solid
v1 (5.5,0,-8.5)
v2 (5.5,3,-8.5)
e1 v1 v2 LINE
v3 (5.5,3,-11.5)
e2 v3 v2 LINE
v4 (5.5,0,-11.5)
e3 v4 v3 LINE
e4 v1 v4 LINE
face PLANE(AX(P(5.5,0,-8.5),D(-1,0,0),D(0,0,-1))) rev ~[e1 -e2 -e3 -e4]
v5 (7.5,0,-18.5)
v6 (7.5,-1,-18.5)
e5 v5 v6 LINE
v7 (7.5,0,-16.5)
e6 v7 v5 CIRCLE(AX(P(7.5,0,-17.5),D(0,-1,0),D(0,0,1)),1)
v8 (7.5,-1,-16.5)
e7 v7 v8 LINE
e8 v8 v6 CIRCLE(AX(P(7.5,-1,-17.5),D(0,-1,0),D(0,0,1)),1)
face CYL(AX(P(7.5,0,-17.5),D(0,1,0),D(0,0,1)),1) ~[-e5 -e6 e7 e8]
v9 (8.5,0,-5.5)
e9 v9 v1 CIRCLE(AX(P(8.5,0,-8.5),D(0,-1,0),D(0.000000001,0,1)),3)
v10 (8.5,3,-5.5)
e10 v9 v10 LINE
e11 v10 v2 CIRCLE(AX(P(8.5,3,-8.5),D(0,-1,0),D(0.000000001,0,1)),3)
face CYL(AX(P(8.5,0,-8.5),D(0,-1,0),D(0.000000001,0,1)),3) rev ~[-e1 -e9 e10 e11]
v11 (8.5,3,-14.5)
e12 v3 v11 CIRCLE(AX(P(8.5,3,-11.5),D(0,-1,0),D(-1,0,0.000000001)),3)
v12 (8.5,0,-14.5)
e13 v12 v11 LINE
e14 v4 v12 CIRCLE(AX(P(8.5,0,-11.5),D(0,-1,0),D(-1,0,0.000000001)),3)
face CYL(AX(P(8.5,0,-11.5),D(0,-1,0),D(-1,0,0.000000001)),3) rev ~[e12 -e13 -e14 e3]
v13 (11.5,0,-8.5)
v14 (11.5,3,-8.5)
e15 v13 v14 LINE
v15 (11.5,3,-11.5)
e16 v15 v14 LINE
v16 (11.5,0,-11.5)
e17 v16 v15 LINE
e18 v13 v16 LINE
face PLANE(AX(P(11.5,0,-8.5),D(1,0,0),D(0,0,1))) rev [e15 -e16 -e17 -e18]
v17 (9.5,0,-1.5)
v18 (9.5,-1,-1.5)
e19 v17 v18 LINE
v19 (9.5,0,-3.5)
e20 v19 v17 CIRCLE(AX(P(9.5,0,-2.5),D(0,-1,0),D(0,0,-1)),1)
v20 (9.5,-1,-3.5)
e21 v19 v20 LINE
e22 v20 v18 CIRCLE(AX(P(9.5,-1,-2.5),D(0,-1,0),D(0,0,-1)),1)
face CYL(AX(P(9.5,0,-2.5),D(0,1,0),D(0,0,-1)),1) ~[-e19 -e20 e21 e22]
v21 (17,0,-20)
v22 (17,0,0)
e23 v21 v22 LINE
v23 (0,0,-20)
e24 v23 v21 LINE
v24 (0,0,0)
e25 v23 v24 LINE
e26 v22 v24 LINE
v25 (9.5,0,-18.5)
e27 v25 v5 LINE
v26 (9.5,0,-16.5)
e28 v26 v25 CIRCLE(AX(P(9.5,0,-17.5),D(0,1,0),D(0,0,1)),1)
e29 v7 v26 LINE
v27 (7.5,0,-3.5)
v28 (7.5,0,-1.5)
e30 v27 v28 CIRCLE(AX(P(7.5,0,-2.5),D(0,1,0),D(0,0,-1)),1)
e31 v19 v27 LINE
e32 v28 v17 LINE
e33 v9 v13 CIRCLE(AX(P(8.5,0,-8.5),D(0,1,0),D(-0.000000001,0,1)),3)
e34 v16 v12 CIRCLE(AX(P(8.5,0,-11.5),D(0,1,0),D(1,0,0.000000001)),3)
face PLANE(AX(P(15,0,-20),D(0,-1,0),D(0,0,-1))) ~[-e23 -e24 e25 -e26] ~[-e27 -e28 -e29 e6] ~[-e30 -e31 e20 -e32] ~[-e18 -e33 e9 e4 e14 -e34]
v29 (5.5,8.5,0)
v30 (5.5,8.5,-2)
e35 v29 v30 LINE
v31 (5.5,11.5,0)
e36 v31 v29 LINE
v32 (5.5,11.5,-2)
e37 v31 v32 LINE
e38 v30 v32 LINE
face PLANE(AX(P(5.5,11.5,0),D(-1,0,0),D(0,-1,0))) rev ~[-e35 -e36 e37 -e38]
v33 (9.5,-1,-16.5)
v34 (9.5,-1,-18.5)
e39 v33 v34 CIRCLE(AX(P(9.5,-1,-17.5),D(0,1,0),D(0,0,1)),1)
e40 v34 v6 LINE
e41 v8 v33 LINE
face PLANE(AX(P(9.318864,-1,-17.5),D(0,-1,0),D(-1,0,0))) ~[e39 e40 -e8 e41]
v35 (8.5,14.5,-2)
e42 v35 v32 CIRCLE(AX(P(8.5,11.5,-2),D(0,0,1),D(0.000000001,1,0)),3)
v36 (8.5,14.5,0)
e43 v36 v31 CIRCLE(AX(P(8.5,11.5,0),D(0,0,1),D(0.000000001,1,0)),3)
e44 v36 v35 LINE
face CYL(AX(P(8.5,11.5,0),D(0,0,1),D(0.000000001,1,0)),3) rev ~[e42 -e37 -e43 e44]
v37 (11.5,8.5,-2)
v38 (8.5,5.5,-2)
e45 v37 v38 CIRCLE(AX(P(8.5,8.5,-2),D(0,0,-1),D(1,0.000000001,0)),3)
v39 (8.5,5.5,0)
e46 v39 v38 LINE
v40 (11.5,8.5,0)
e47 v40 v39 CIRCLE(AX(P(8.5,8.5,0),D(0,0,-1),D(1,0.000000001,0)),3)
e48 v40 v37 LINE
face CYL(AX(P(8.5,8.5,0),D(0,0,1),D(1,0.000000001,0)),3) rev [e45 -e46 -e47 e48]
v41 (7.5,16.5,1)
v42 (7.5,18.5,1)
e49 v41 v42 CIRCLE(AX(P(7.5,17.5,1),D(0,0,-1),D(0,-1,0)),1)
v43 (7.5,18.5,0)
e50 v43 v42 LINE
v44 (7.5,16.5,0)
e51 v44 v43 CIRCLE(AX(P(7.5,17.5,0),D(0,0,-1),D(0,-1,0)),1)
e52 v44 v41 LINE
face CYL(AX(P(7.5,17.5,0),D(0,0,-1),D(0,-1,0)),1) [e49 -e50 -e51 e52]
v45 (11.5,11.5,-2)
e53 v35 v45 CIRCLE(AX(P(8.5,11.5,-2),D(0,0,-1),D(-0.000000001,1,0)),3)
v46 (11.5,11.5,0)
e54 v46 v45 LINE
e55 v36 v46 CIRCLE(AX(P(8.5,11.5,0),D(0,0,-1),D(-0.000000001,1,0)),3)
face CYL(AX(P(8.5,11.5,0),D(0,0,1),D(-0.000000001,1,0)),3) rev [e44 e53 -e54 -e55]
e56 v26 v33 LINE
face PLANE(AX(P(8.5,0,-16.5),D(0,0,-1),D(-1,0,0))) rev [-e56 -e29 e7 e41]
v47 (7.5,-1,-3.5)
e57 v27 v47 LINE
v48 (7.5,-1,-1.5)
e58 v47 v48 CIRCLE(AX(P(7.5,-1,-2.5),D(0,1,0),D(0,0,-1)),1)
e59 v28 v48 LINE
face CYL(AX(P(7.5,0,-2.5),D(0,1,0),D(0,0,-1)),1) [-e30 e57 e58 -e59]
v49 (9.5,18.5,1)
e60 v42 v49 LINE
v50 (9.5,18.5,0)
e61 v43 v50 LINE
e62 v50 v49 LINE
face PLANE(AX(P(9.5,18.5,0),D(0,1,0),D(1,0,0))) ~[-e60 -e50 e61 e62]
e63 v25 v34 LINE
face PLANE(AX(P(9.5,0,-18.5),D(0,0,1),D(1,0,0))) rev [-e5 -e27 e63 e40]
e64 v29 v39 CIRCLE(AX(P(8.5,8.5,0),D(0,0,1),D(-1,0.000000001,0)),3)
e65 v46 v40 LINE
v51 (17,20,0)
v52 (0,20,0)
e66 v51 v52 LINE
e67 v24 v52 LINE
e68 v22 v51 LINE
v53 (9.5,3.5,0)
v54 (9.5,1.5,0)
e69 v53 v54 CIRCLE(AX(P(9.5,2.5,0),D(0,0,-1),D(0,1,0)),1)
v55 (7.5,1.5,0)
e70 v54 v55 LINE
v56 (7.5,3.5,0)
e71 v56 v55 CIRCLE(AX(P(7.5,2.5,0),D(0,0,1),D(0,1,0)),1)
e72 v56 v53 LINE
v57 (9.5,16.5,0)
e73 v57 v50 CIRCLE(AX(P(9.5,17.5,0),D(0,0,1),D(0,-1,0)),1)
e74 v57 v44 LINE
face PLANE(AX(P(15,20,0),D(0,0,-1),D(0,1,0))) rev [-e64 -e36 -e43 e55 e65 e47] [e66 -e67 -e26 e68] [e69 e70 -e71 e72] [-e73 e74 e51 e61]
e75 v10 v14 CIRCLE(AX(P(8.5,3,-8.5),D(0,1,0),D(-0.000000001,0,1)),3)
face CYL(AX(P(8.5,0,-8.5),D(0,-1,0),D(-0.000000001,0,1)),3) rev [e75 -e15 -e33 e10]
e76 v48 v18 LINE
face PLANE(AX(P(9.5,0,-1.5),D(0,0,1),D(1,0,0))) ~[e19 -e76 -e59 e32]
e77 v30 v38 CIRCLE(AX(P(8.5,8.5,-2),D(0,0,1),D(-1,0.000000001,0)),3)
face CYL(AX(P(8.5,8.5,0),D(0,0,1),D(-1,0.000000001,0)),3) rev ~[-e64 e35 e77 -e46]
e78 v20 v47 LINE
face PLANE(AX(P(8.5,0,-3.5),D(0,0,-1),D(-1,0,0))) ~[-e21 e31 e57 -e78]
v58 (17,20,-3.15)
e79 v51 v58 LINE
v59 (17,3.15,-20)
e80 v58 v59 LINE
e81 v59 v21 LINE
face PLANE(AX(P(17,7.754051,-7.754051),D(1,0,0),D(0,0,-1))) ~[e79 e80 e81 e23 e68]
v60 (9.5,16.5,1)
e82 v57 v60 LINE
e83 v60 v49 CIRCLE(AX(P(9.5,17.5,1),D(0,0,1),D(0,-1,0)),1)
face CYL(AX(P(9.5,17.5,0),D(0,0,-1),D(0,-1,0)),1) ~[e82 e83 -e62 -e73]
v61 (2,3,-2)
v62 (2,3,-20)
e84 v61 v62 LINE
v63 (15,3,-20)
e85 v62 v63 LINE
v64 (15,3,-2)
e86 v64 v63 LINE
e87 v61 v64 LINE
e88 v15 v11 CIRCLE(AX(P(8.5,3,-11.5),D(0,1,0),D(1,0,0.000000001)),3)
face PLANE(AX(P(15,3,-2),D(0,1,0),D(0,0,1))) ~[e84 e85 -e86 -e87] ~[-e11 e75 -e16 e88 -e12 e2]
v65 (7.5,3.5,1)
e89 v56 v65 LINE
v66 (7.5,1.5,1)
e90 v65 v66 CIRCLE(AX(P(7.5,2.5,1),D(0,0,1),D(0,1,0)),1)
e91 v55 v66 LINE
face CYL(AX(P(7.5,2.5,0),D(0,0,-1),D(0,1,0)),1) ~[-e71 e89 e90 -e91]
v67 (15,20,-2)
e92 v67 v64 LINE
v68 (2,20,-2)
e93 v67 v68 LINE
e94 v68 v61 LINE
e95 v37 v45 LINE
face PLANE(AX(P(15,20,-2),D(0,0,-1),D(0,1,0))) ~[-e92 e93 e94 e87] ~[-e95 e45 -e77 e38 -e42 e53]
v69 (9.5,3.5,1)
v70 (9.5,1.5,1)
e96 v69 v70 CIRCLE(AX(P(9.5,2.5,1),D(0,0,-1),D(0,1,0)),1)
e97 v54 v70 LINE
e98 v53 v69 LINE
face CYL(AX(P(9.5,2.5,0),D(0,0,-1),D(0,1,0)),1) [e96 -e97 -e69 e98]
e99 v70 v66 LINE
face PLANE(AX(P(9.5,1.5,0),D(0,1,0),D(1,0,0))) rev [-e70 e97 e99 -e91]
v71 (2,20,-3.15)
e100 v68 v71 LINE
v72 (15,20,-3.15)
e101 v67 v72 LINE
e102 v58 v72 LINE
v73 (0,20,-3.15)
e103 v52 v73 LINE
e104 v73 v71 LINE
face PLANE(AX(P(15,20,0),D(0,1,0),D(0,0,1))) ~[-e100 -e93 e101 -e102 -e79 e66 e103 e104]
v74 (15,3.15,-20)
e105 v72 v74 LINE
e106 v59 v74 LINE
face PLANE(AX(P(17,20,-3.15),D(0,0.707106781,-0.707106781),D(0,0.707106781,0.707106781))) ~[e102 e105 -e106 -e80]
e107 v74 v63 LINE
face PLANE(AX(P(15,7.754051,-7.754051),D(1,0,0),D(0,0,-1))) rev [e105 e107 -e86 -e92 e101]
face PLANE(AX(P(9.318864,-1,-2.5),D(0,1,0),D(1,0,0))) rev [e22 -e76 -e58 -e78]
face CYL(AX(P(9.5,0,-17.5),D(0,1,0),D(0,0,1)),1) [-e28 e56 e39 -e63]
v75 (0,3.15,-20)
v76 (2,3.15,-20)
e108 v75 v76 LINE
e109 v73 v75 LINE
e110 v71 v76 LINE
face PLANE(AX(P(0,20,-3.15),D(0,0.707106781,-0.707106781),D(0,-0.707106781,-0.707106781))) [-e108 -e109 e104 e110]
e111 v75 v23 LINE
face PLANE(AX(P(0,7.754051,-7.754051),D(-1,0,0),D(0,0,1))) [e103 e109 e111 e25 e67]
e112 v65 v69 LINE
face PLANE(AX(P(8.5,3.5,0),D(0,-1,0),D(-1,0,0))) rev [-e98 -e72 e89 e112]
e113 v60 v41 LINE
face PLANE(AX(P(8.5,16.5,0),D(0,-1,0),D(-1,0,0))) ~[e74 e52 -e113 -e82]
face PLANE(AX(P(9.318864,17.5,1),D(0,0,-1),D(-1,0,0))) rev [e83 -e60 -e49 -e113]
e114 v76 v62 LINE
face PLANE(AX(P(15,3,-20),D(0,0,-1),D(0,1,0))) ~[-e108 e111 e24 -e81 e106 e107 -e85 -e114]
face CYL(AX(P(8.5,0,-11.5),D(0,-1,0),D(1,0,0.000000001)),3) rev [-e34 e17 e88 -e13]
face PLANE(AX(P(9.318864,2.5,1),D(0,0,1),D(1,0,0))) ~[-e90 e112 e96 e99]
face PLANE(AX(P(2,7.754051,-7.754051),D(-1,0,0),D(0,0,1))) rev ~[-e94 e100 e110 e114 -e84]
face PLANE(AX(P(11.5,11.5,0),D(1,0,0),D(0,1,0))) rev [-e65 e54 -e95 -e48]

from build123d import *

# Parameters (mm, degrees)
BOSS_EXTRUDE1_DEPTH = 2
BOSS_EXTRUDE2_DEPTH = 6.5
CUT_EXTRUDE1_DEPTH  = 6.5
CUT_EXTRUDE2_DEPTH  = 6.5
BOSS_EXTRUDE3_DEPTH = 1
BOSS_EXTRUDE4_DEPTH = 1


with BuildPart() as part:
    # Sketch1 → Boss-Extrude1 (new body)
    with BuildSketch(Plane(origin=(0, 0, 0), x_dir=(0, 0, -1), z_dir=(1, 0, 0))):
        Polygon((3.15, 20), (20, 3.15), (20, 0), (0, 0), (0, 20), align=None)
    extrude(amount=BOSS_EXTRUDE1_DEPTH)

    # Sketch2 → Boss-Extrude2 (add)
    with BuildSketch(Plane(origin=(2, 0, 0), x_dir=(0, 0, -1), z_dir=(1, 0, 0))):
        Polygon((20, 0), (0, 0), (0, 3), (0, 20), (2, 20), (2, 3), (20, 3), align=None)
    extrude(amount=BOSS_EXTRUDE2_DEPTH)

    # Sketch3 → Cut-Extrude1 (cut)
    with BuildSketch(Plane.XY):
        with BuildLine():
            Line((5.5, 11.5), (5.5, 8.5))
            ThreePointArc((5.5, 8.5), (6.378679656, 6.378679656), (8.5, 5.5))
            Line((8.5, 5.5), (8.5, 14.5))
            ThreePointArc((8.5, 14.5), (6.378679656, 13.621320344), (5.5, 11.5))
        make_face()
    extrude(amount=-CUT_EXTRUDE1_DEPTH, mode=Mode.SUBTRACT)

    # Sketch4 → Cut-Extrude2 (cut)
    with BuildSketch(Plane.XZ):
        with BuildLine():
            Line((5.5, -8.5), (5.5, -11.5))
            ThreePointArc((5.5, -11.5), (6.378679656, -13.621320344), (8.5, -14.5))
            Line((8.5, -14.5), (8.5, -5.5))
            ThreePointArc((8.5, -5.5), (6.378679656, -6.378679656), (5.5, -8.5))
        make_face()
    extrude(amount=-CUT_EXTRUDE2_DEPTH, mode=Mode.SUBTRACT)

    # Sketch5 → Boss-Extrude3 (add)
    with BuildSketch(Plane(origin=(0, 0, 0), x_dir=(-1, 0, 0), z_dir=(0, -1, 0))):
        with BuildLine():
            Line((-7.5, 1.5), (-8.5, 1.5))
            Line((-8.5, 1.5), (-8.5, 3.5))
            Line((-8.5, 3.5), (-7.5, 3.5))
            ThreePointArc((-7.5, 3.5), (-6.5, 2.5), (-7.5, 1.5))
        make_face()
        with BuildLine():
            Line((-8.5, 18.5), (-8.5, 16.5))
            Line((-8.5, 16.5), (-7.5, 16.5))
            ThreePointArc((-7.5, 16.5), (-6.5, 17.5), (-7.5, 18.5))
            Line((-7.5, 18.5), (-8.5, 18.5))
        make_face()
    extrude(amount=BOSS_EXTRUDE3_DEPTH)

    # Sketch6 → Boss-Extrude4 (add)
    with BuildSketch(Plane.XY):
        with BuildLine():
            Line((7.5, 18.5), (8.5, 18.5))
            Line((8.5, 18.5), (8.5, 16.5))
            Line((8.5, 16.5), (7.5, 16.5))
            ThreePointArc((7.5, 16.5), (6.5, 17.5), (7.5, 18.5))
        make_face()
        with BuildLine():
            Line((8.5, 1.5), (8.5, 3.5))
            Line((8.5, 3.5), (7.5, 3.5))
            ThreePointArc((7.5, 3.5), (6.5, 2.5), (7.5, 1.5))
            Line((7.5, 1.5), (8.5, 1.5))
        make_face()
    extrude(amount=BOSS_EXTRUDE4_DEPTH)

    # Mirror2: part across plane


with BuildPart() as part_1:
    add(part.part)
    add(part.part.mirror(Plane(origin=(8.5, 0, 0), x_dir=(0, 0, 1), z_dir=(1, 0, 0))))


solid = part_1.part
